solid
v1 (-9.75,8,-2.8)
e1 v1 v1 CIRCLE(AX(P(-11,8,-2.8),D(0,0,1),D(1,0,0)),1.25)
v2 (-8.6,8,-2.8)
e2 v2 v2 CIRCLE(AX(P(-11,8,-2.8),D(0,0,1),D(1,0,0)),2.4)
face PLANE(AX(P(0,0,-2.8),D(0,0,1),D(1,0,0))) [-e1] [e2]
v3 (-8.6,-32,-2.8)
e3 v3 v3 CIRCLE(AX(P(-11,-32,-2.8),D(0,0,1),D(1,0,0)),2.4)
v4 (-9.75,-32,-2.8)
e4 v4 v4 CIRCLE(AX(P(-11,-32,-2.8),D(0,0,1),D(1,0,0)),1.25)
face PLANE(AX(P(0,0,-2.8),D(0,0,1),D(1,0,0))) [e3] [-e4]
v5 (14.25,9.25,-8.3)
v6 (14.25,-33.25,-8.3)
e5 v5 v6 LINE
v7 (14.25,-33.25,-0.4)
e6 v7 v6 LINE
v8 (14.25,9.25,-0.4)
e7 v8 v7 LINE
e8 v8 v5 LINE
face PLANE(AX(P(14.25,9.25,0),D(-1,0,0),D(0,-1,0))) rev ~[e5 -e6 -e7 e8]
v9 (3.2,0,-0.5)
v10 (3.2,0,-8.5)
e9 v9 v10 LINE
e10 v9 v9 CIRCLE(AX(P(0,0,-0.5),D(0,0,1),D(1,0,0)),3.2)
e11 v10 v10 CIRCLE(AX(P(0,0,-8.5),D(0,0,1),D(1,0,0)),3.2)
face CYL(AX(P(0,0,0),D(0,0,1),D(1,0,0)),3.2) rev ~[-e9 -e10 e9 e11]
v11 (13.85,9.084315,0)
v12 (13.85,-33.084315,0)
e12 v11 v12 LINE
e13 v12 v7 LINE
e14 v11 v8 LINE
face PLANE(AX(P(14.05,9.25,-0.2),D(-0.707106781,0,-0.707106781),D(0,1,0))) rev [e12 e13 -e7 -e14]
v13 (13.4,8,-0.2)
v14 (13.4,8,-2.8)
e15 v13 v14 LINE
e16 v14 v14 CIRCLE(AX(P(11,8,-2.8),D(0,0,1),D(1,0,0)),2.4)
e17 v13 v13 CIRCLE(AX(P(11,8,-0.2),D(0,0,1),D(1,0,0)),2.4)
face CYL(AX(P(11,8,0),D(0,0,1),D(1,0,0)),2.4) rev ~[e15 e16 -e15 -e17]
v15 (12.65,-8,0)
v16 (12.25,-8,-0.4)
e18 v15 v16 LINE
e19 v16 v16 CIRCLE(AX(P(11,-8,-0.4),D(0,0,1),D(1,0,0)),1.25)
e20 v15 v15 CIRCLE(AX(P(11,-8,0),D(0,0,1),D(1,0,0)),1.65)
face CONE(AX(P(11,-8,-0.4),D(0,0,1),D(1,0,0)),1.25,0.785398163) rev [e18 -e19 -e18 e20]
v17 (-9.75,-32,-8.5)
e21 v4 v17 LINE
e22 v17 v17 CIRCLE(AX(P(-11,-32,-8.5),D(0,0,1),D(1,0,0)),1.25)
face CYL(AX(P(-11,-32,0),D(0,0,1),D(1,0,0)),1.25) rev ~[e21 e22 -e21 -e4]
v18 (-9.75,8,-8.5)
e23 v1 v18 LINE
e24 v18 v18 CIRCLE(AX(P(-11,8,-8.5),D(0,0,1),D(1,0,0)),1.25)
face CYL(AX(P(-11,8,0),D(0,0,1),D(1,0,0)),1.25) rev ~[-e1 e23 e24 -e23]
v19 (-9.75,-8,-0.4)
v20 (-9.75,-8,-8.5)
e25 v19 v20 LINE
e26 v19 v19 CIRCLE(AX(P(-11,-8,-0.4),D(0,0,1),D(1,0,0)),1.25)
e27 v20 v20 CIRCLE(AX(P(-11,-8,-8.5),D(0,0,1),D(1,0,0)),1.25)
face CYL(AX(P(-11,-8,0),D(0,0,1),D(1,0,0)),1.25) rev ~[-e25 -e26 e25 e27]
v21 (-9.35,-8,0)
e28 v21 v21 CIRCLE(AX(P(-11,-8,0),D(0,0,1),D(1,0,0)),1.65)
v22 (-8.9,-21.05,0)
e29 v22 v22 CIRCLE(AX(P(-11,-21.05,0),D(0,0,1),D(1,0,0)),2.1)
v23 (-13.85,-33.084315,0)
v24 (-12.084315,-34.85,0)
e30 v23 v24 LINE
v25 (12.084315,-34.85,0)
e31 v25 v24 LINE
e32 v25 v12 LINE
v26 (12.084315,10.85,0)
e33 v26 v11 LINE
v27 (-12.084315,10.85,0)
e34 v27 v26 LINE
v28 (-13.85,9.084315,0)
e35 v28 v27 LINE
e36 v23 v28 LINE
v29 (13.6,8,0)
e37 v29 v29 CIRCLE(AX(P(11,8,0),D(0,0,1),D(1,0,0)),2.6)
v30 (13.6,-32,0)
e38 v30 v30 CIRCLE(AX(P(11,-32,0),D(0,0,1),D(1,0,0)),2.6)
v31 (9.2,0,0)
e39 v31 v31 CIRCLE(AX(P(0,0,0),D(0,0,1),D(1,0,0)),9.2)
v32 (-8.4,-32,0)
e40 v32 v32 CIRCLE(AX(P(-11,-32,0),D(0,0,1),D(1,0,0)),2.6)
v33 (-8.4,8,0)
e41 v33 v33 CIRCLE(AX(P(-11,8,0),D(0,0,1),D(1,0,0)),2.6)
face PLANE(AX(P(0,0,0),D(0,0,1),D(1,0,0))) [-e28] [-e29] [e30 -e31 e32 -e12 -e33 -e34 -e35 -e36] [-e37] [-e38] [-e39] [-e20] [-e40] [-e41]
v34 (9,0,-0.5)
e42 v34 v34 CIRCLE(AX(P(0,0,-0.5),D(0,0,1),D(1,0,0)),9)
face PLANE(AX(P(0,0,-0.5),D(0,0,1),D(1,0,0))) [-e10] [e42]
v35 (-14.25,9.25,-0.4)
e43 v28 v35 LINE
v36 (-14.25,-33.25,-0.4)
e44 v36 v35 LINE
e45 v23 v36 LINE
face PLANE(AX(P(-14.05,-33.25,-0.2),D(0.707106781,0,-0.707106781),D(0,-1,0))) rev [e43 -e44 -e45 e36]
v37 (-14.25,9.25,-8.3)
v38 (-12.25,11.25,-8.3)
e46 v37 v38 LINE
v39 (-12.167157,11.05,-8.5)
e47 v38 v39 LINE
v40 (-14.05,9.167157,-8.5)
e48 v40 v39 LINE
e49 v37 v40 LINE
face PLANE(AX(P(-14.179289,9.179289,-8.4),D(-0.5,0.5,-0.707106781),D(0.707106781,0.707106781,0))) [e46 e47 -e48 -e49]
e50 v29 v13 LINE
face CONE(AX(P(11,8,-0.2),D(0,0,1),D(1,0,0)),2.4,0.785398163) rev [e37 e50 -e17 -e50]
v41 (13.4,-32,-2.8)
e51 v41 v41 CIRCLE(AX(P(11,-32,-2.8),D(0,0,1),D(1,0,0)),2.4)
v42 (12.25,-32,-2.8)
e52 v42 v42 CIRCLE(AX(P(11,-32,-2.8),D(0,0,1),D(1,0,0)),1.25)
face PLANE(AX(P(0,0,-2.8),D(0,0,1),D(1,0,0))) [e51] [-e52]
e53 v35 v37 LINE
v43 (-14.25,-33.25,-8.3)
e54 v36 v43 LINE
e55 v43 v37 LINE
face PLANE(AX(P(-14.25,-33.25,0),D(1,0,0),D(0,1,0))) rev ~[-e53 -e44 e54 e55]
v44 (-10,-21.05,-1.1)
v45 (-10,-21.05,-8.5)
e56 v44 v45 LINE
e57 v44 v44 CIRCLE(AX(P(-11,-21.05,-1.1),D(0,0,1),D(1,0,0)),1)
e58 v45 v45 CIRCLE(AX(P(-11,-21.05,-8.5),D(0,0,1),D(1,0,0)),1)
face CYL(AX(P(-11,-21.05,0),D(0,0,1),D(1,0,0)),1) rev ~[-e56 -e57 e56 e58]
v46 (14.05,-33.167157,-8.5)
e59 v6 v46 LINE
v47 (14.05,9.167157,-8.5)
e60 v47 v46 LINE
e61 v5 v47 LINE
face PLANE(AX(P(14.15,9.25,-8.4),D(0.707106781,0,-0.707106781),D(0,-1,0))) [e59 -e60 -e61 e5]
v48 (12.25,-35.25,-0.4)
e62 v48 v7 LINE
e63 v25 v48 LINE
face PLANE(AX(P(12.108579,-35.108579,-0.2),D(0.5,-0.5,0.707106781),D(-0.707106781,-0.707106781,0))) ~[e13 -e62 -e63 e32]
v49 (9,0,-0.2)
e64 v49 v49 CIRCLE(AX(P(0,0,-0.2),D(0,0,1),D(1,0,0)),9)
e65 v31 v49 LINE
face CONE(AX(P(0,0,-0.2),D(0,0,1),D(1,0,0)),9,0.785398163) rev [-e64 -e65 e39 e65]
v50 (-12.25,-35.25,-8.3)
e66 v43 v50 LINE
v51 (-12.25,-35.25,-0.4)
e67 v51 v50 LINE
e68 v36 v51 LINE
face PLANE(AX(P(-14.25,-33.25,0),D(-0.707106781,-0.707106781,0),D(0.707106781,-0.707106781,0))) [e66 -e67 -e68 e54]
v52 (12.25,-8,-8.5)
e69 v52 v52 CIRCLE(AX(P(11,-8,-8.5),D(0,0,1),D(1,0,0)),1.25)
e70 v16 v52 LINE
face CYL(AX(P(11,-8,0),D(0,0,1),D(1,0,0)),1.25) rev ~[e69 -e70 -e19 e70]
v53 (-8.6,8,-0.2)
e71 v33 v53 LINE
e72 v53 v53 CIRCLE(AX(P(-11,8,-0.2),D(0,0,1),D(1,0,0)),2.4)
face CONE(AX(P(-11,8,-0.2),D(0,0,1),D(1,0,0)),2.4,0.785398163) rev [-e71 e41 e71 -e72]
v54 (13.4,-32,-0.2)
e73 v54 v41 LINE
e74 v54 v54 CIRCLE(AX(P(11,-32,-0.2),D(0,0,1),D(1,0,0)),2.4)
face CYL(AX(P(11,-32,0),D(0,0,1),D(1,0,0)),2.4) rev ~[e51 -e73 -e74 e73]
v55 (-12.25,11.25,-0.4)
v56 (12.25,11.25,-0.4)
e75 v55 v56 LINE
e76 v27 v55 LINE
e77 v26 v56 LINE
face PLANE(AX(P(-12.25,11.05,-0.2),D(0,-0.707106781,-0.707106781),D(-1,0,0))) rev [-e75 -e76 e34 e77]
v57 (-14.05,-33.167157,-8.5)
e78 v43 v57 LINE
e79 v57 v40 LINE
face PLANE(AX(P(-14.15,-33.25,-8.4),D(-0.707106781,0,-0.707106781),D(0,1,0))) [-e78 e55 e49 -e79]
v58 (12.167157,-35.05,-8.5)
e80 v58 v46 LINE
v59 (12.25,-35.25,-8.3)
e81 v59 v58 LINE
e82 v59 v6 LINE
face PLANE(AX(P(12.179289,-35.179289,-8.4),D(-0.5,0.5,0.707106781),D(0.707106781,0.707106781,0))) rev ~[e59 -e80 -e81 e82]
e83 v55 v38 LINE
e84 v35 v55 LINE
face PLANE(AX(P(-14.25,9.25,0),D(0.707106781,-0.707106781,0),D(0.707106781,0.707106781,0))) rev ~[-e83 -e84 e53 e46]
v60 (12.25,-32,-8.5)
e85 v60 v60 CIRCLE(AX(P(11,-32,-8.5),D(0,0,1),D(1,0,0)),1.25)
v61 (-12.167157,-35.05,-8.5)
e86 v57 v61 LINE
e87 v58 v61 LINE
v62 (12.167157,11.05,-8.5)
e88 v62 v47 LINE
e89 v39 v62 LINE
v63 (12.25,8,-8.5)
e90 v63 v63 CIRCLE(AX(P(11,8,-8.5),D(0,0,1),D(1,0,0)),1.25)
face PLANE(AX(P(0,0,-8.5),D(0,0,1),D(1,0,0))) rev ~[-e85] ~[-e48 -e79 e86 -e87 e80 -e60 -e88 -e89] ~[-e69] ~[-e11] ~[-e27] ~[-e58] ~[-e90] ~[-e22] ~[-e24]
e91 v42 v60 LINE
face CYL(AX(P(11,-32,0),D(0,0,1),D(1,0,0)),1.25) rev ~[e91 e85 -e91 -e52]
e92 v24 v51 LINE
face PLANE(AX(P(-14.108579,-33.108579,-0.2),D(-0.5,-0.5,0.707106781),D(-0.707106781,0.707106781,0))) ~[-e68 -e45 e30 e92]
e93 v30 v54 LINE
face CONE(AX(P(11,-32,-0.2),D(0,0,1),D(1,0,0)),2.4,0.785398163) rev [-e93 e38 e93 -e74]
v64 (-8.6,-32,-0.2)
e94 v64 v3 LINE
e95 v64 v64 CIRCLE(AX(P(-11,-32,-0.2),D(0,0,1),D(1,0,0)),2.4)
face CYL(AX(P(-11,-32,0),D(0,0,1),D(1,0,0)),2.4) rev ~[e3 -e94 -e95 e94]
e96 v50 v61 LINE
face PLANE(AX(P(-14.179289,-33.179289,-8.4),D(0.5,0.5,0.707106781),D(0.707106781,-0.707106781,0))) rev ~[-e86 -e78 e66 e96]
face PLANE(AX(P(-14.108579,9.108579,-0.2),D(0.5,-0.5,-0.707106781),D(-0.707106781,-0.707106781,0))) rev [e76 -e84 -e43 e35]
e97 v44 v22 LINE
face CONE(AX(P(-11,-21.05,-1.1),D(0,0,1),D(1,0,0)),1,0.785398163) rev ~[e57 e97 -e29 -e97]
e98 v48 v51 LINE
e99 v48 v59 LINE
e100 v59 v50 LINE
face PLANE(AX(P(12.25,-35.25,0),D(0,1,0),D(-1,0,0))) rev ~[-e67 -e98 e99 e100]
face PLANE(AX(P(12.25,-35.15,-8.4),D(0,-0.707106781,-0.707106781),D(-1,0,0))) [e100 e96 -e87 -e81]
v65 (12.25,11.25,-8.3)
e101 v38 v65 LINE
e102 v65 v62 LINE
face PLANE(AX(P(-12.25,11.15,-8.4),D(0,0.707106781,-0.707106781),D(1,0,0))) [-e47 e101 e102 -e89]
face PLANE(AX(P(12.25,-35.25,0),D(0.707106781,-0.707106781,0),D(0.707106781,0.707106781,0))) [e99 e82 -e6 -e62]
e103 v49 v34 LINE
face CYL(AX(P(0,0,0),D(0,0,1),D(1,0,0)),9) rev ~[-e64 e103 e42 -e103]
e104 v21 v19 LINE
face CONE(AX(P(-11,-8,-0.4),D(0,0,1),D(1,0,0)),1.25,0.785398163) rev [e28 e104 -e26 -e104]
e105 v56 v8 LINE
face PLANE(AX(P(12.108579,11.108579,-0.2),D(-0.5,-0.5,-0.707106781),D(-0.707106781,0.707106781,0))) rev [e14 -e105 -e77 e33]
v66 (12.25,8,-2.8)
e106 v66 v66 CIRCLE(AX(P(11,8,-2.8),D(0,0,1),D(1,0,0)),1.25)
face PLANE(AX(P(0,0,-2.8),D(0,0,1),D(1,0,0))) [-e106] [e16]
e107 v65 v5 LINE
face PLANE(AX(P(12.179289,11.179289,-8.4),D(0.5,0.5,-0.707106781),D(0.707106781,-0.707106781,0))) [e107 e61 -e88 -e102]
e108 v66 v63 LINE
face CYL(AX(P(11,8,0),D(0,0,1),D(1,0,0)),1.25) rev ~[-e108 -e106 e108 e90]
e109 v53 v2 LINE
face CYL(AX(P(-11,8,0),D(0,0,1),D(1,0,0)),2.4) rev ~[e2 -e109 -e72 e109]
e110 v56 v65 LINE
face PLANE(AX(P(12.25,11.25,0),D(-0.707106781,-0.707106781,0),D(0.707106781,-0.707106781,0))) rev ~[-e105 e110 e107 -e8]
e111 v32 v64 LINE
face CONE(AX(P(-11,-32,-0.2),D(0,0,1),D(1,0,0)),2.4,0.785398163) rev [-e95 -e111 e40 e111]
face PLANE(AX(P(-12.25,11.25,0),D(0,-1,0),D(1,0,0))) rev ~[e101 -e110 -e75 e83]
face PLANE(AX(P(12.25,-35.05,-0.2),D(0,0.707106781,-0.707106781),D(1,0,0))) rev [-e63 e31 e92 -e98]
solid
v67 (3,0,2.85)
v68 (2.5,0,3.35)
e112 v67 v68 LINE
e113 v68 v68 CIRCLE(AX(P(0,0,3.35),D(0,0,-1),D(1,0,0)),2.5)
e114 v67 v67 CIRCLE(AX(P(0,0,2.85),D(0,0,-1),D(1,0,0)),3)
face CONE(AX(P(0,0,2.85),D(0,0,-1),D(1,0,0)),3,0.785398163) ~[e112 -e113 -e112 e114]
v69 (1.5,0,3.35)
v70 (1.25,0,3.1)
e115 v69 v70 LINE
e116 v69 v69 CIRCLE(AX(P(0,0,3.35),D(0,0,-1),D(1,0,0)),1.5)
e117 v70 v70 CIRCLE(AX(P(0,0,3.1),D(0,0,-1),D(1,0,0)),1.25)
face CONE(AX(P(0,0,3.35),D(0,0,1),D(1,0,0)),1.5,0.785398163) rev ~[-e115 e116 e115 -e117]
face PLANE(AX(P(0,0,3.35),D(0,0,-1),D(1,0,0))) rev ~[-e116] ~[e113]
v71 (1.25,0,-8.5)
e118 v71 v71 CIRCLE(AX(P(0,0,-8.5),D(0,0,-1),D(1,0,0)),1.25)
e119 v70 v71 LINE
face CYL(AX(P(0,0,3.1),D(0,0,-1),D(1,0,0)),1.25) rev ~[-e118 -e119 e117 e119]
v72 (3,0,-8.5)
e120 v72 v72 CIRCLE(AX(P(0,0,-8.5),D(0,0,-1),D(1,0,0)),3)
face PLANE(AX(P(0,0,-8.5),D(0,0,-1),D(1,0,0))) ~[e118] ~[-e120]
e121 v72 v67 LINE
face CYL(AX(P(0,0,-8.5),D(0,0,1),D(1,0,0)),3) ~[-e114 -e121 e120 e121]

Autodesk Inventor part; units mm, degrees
ref_plane "YZ Plane" through (0, 0, 0) normal (1, 0, 0) x (0, 1, 0)
ref_plane "XZ Plane" through (0, 0, 0) normal (0, 1, 0) x (-1, 0, 0)
ref_plane "XY Plane" through (0, 0, 0) normal (0, 0, 1) x (1, 0, 0)
sketch "スケッチ1" plane through (0, 0, 0) normal (0, 0, 1) x (1, 0, 0)
  line L0 (-12.25, 11.25) -> (12.25, 11.25)
  line L1 (14.25, 9.25) -> (14.25, -33.25)
  line L2 (12.25, -35.25) -> (-12.25, -35.25)
  line L3 (-14.25, -33.25) -> (-14.25, 9.25)
  circle A0 centre (11, 8) radius 1.25
  circle A1 centre (11, -8) radius 1.25
  circle A2 centre (11, -32) radius 1.25
  line L4 (0, 0) -> (0, 13.0678) construction
  circle A3 centre (-11, 8) radius 1.25
  circle A4 centre (-11, -8) radius 1.25
  circle A5 centre (-11, -32) radius 1.25
  line L5 (-26.5405, 0) -> (16.6243, 0) construction
  line L6 (11, 8) -> (11, -8) construction
  line L7 (11, -8) -> (11, -32) construction
  circle A6 centre (-11, -21.05) radius 1
  line L8 (-11, -21.05) -> (-11, -32) construction
  line L9 (-14.25, 9.25) -> (-12.25, 11.25)
  line L10 (12.25, 11.25) -> (14.25, 9.25)
  line L11 (12.25, -35.25) -> (14.25, -33.25)
  line L12 (-14.25, -33.25) -> (-12.25, -35.25)
  circle A7 centre (0, 0) radius 3.2
  point P0 (-14.25, 11.25)
  point P1 (14.25, -35.25)
  point P2 (14.25, 11.25)
  point P3 (-14.25, -35.25)
  dimension "d0" = 2.5
  dimension "d1" = 28.5
  dimension "d3" = 46.5
  dimension "d4" = 8
  dimension "d5" = 8
  dimension "d6" = 22
  dimension "d7" = 40
  dimension "d8" = 2
  dimension "d9" = 14.2
  dimension "d10" = 11.25
  dimension "d11" = 2
  dimension "d12" = 2
  dimension "d13" = 2
  dimension "d14" = 2
  dimension "d15" = 2
  dimension "d16" = 2
  dimension "d17" = 2
  dimension "d18" = 2
  dimension "d41" = 6.4
extrude "押し出し1" add sketch "スケッチ1" against normal blind 8.5
chamfer "面取り1" distance 1.1 angle 45 1 edges at (-12, -21.05, 0)
sketch "スケッチ2" plane through (0, 0, 0) normal (0, 0, 1) x (1, 0, 0)
  circle A0 centre (-11, 8) radius 2.4
  circle A1 centre (11, 8) radius 2.4
  circle A2 centre (11, -32) radius 2.4
  circle A3 centre (-11, -32) radius 2.4
  circle A4 centre (-11, 8) radius 1.25 construction
  circle A5 centre (11, 8) radius 1.25 construction
  circle A6 centre (11, -32) radius 1.25 construction
  circle A7 centre (-11, -32) radius 1.25 construction
  point P0 (0, 0)
  dimension "d25" = 4.8
extrude "押し出し2" cut sketch "スケッチ2" against normal blind 2.8
sketch "スケッチ3" plane through (0, 0, 0) normal (0, 0, 1) x (1, 0, 0)
  circle A0 centre (0, 0) radius 9
  dimension "d40" = 18
extrude "押し出し3" cut sketch "スケッチ3" against normal blind 0.5
chamfer "面取り2" distance 0.4 angle 45 10 edges at (-14.25, -12, 0) (-13.25, 10.25, 0) (0, 11.25, 0) (13.25, 10.25, 0) (14.25, -12, 0) (13.25, -34.25, 0) (0, -35.25, 0) (-13.25, -34.25, 0) (-12.25, -8, 0) (9.75, -8, 0)
chamfer "面取り3" distance 0.2 angle 45 13 edges at (-13.4, 8, 0) (8.6, 8, 0) (-9, 0, 0) (8.6, -32, 0) (-13.4, -32, 0) (-14.25, -12, -8.5) (-13.25, -34.25, -8.5) (0, -35.25, -8.5) (13.25, -34.25, -8.5) (14.25, -12, -8.5) (13.25, 10.25, -8.5) (0, 11.25, -8.5) (-13.25, 10.25, -8.5)
sketch "スケッチ5" plane through (0, 0, 0) normal (0, 1, 0) x (-1, 0, 0)
  line L0 (-1.25, -8.5) -> (-3, -8.5)
  line L1 (-3, -8.5) -> (-3, 2.85)
  line L2 (-2.5, 3.35) -> (-1.5, 3.35)
  line L3 (-1.25, 3.1) -> (-1.25, -8.5)
  line L4 (12.1672, -8.5) -> (-12.1672, -8.5) construction
  line L5 (-12.0843, 0) -> (12.0843, 0) construction
  line L6 (0, 0) -> (0, -12.5423) construction
  line L7 (-3, 2.85) -> (-2.5, 3.35)
  line L8 (-1.5, 3.35) -> (-1.25, 3.1)
  point P0 (-3, 3.35)
  point P1 (-1.25, 3.35)
  dimension "d42" = 2.5
  dimension "d43" = 6
  dimension "d44" = 3.35
  dimension "d45" = 0.5
  dimension "d46" = 0.5
  dimension "d47" = 0.25
  dimension "d48" = 0.25
revolve "回転1" add sketch "スケッチ5" angle 360 about axis through (0, 0, 0) along (0, 0, -1)
equation "\"d12\" = d11"
equation "\"d13\" = d11"
equation "\"d14\" = d13"
equation "\"d15\" = d11"
equation "\"d16\" = d15"
equation "\"d17\" = d11"
equation "\"d18\" = d17"
equation "\"d46\" = d45"
equation "\"d48\" = d47"
properties part number "XM430_HOUSING_TOP"
